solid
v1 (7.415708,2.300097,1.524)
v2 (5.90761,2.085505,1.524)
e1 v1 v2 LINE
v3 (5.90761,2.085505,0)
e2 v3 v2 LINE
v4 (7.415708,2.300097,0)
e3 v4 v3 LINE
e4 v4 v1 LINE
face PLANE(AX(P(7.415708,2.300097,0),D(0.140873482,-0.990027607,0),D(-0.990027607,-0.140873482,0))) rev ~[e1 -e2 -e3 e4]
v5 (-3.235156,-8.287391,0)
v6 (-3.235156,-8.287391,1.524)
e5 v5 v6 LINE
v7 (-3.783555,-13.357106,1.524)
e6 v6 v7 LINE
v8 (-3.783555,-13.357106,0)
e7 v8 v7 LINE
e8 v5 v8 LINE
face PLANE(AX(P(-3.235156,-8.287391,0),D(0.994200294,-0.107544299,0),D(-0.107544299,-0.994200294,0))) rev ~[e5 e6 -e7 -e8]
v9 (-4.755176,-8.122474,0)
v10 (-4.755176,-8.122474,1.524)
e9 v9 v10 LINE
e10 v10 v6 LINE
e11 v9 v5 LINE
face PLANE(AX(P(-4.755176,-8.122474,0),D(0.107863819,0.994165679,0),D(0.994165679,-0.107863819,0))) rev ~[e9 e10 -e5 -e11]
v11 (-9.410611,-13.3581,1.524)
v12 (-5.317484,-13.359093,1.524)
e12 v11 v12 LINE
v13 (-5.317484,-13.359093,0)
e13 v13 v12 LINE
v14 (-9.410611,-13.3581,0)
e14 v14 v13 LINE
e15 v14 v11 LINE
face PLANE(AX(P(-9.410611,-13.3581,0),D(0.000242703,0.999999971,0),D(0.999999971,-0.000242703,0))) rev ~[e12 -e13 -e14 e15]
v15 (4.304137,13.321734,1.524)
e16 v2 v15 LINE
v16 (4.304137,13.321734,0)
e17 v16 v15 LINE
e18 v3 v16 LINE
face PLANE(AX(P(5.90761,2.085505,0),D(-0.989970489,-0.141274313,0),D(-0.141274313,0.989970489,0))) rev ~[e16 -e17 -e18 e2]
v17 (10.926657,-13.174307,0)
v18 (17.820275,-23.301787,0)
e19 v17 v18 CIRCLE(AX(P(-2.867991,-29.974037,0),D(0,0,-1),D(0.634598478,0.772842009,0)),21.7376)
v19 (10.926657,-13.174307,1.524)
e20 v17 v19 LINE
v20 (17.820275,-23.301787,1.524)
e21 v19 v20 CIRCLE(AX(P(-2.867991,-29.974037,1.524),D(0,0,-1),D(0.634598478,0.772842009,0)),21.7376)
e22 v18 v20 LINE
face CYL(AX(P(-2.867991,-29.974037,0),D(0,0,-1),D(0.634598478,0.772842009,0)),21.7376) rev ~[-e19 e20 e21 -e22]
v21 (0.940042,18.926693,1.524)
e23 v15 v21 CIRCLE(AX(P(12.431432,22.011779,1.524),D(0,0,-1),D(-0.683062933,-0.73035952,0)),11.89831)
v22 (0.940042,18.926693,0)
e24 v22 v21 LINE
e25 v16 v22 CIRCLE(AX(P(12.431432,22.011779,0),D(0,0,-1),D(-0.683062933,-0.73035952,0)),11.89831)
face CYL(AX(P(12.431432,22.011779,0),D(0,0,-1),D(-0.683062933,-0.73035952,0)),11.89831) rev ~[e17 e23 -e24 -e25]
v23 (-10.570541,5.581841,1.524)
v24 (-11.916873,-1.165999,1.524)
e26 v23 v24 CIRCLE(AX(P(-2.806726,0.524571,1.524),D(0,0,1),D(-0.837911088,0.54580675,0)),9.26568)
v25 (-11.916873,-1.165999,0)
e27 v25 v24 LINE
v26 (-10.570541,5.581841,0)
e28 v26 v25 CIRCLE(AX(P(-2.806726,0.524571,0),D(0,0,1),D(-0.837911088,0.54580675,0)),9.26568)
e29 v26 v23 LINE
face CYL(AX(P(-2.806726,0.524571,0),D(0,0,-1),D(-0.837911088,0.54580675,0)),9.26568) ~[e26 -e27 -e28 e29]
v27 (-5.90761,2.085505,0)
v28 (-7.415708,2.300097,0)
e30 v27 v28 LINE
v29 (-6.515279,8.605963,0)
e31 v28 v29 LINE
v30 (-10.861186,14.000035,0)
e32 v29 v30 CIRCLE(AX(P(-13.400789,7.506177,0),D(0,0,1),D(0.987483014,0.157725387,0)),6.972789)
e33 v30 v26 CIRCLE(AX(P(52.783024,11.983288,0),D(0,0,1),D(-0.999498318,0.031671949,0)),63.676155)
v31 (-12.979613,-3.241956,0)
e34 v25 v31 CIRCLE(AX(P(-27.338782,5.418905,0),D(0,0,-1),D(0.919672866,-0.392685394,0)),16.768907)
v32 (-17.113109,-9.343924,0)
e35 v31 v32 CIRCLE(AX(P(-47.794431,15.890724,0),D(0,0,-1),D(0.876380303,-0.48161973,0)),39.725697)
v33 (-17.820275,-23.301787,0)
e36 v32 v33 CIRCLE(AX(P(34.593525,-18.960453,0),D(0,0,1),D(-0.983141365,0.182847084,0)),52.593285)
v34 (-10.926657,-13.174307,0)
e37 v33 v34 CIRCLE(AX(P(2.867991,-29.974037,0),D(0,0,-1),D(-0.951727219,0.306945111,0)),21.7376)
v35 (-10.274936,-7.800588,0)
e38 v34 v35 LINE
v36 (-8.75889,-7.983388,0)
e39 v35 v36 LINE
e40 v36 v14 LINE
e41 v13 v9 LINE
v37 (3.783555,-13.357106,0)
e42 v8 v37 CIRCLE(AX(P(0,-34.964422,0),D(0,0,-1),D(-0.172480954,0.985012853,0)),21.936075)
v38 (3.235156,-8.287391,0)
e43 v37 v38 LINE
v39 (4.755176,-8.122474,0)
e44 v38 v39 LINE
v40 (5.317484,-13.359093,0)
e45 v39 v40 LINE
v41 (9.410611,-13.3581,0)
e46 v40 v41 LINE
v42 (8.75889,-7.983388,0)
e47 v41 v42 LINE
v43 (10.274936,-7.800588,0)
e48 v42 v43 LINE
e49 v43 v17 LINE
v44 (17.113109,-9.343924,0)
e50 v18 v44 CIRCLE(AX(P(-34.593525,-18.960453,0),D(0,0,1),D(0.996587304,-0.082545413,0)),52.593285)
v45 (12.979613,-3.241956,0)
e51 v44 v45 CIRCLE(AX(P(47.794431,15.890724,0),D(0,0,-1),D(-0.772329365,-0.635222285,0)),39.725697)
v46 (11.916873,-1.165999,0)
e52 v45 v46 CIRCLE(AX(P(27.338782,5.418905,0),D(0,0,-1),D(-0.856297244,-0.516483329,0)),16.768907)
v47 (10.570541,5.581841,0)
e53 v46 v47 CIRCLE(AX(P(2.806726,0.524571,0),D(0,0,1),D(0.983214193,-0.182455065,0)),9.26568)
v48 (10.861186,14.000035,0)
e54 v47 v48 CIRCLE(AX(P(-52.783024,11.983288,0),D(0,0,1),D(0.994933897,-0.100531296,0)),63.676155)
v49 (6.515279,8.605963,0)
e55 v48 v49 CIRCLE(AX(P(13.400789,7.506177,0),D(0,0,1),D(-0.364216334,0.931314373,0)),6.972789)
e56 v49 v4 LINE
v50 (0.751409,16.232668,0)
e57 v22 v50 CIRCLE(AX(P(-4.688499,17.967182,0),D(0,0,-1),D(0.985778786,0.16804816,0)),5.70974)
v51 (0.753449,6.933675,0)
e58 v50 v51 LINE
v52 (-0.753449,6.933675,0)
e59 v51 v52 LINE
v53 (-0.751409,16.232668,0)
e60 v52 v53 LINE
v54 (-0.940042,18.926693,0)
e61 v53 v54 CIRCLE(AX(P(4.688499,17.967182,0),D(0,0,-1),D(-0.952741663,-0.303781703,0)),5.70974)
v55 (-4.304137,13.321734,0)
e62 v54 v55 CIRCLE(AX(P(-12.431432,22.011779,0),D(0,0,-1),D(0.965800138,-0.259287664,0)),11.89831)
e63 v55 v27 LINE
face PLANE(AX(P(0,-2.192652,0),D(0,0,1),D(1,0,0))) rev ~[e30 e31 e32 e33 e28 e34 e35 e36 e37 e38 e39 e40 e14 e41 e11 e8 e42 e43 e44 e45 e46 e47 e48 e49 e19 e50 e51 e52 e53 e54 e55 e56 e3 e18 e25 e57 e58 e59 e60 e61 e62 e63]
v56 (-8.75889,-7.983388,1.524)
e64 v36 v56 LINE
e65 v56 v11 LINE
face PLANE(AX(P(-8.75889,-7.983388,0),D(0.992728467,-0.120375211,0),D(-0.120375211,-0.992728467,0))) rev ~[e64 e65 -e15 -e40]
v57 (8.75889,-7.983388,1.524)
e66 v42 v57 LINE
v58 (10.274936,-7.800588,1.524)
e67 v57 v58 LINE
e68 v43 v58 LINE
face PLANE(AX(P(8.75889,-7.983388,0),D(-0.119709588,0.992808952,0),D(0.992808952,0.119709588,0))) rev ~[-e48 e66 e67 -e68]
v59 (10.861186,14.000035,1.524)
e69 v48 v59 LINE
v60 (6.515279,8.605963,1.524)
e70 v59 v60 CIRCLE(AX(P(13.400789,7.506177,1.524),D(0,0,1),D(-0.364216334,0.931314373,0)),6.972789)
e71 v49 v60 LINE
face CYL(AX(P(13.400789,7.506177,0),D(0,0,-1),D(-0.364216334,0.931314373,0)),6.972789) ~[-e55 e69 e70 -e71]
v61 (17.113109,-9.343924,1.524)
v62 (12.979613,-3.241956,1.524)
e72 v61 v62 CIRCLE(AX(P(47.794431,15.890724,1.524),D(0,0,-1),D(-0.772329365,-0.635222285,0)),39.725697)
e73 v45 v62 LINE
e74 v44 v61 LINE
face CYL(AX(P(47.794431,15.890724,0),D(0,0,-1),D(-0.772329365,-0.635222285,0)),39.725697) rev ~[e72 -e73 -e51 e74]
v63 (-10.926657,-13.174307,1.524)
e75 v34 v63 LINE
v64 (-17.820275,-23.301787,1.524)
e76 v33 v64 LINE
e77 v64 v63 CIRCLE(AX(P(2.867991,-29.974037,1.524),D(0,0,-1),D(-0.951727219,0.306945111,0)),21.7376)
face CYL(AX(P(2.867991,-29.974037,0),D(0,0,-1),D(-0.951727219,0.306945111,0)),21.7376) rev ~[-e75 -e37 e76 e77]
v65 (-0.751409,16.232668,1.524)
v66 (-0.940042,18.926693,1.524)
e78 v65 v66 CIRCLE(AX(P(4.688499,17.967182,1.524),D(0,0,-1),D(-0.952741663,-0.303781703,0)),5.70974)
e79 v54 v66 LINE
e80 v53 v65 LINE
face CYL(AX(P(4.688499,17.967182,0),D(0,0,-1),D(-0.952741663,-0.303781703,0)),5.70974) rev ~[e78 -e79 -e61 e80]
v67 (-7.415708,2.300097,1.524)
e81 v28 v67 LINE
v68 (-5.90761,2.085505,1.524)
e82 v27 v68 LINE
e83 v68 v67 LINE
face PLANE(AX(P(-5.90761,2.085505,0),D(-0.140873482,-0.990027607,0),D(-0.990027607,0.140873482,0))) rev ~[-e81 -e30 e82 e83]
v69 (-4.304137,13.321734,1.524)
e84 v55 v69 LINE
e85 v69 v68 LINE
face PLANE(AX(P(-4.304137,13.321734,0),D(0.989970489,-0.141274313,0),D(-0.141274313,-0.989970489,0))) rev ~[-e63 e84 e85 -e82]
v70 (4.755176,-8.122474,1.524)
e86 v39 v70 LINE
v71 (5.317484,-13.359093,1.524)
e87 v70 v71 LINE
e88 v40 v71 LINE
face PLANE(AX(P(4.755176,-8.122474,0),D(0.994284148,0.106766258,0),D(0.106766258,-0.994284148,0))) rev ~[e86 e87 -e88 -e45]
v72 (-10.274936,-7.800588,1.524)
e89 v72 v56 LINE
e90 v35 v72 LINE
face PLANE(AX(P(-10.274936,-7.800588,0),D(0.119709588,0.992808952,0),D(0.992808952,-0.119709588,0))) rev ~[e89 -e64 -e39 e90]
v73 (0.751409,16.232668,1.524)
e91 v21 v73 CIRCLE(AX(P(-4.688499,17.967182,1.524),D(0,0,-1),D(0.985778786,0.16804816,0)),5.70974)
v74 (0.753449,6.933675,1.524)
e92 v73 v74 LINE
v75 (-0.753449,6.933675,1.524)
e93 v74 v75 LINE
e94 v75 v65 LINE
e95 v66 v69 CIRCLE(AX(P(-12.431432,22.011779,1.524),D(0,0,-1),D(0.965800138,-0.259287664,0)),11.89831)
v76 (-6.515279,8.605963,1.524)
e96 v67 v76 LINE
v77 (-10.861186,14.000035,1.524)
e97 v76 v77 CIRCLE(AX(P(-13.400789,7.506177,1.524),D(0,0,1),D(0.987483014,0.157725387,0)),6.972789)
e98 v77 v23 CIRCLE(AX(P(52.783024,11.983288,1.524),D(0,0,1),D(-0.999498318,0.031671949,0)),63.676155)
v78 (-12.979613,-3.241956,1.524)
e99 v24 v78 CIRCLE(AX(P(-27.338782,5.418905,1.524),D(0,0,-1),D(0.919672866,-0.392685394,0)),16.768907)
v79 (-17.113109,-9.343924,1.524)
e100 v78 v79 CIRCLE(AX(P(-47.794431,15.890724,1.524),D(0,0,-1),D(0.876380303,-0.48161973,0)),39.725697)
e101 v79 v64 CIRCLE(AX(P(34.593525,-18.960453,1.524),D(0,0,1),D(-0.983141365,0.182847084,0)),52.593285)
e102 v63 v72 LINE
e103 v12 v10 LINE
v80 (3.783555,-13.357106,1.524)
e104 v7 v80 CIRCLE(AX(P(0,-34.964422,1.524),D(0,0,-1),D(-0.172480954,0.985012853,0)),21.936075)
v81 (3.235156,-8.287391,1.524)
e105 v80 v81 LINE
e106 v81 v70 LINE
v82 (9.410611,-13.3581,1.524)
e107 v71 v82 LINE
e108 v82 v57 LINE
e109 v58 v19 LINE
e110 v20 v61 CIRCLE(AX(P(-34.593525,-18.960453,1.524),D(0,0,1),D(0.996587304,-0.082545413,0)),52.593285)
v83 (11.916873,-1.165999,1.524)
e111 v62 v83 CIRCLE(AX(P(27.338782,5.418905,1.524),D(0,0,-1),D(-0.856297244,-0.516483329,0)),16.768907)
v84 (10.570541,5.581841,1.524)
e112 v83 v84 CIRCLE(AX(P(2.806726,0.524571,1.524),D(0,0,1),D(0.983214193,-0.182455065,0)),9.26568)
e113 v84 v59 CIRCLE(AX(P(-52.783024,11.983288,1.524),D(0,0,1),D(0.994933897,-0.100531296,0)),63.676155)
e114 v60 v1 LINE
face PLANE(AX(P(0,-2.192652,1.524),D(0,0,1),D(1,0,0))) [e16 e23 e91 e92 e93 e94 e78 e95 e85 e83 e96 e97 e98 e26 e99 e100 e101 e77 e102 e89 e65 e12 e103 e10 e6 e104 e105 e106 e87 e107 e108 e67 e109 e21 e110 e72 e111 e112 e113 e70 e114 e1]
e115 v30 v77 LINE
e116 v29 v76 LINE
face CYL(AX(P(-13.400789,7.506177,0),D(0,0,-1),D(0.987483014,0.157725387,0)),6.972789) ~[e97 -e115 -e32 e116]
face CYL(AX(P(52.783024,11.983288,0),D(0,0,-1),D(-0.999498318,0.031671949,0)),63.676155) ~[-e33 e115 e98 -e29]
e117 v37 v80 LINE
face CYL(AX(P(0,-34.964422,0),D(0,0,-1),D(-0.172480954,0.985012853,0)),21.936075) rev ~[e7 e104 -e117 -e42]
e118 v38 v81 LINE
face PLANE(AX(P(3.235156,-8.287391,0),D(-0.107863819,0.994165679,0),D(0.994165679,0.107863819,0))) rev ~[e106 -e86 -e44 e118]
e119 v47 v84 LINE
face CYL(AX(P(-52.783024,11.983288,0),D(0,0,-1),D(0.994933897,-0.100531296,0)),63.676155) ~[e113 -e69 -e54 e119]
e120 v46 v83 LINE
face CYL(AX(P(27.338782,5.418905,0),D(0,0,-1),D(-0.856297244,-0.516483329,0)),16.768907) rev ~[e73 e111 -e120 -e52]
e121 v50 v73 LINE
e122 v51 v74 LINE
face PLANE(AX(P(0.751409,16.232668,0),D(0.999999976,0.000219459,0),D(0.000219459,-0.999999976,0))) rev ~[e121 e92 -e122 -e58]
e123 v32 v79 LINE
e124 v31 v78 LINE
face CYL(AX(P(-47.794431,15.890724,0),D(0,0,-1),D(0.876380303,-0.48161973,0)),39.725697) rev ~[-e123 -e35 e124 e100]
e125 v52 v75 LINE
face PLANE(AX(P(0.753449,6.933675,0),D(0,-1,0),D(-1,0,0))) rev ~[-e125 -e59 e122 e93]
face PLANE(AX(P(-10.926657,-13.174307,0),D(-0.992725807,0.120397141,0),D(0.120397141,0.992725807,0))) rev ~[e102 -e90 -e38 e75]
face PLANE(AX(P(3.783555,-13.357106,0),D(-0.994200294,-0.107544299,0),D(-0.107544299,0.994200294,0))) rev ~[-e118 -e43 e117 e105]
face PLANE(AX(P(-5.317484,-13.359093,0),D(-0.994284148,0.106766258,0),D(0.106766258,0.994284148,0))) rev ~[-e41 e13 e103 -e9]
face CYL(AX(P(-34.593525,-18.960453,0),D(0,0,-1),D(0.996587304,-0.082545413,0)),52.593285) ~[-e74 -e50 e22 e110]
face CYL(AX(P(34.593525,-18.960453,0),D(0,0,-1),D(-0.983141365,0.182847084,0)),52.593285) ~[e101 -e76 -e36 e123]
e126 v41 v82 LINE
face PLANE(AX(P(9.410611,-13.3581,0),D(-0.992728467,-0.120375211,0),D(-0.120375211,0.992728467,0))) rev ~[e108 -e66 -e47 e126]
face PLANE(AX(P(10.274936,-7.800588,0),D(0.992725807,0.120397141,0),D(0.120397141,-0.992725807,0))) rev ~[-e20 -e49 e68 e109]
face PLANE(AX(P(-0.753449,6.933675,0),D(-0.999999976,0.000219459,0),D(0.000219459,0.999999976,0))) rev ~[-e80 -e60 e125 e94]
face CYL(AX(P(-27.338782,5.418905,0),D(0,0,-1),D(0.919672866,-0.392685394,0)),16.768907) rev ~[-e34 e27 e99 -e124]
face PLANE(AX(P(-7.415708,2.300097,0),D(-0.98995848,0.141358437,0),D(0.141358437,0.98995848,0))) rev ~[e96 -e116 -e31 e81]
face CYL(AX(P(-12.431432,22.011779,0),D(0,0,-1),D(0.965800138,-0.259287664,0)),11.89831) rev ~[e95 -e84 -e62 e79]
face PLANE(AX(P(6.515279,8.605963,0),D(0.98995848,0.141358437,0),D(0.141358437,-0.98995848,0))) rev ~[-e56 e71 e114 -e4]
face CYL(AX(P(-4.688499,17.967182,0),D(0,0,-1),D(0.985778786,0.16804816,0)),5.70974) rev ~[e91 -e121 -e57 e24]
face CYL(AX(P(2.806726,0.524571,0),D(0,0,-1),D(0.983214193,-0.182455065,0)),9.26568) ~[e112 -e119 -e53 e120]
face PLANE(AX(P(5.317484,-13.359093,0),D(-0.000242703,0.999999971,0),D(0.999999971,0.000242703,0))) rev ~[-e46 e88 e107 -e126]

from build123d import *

# Parameters (mm, degrees)
BOSS_EXTRUDE1_DEPTH = 1.524


with BuildPart() as part:
    # Sketch1 → Boss-Extrude1 (new body)
    with BuildSketch(Plane.XY):
        with BuildLine():
            Line((-3.235155639, -8.287391484), (-3.783555133, -13.357106433))
            ThreePointArc((-3.783555133, -13.357106433), (0, -13.028347252), (3.783555133, -13.357106433))
            Line((3.783555133, -13.357106433), (3.235155639, -8.287391484))
            Line((3.235155639, -8.287391484), (4.755175848, -8.122474118))
            Line((4.755175848, -8.122474118), (5.317484152, -13.35909326))
            Line((5.317484152, -13.35909326), (9.410610808, -13.358099847))
            Line((9.410610808, -13.358099847), (8.758889671, -7.983387544))
            Line((8.758889671, -7.983387544), (10.274936224, -7.800587713))
            Line((10.274936224, -7.800587713), (10.926657362, -13.174306602))
            ThreePointArc((10.926657362, -13.174306602), (15.10168665, -17.742358652), (17.820275176, -23.301787175))
            ThreePointArc((17.820275176, -23.301787175), (17.932389495, -16.299261358), (17.11310908, -9.343924052))
            ThreePointArc((17.11310908, -9.343924052), (14.904545185, -6.389006387), (12.979613066, -3.241955511))
            ThreePointArc((12.979613066, -3.241955511), (12.412109671, -2.2224752), (11.916873155, -1.165999455))
            ThreePointArc((11.916873155, -1.165999455), (11.893308886, 2.337529648), (10.570541154, 5.581841128))
            ThreePointArc((10.570541154, 5.581841128), (10.855213093, 9.786127154), (10.861185965, 14.000035485))
            ThreePointArc((10.861185965, 14.000035485), (7.971038383, 11.880829677), (6.515279188, 8.605963044))
            Line((6.515279188, 8.605963044), (7.415708302, 2.300096505))
            Line((7.415708302, 2.300096505), (5.907609567, 2.085505398))
            Line((5.907609567, 2.085505398), (4.304137007, 13.321734283))
            ThreePointArc((4.304137007, 13.321734283), (2.229613922, 15.888650106), (0.940042002, 18.926693413))
            ThreePointArc((0.940042002, 18.926693413), (1.007296175, 17.568367421), (0.751408616, 16.232667535))
            Line((0.751408616, 16.232667535), (0.753449362, 6.933674836))
            Line((0.753449362, 6.933674836), (-0.753449362, 6.933674836))
            Line((-0.753449362, 6.933674836), (-0.751408616, 16.232667535))
            ThreePointArc((-0.751408616, 16.232667535), (-1.007296175, 17.568367421), (-0.940042002, 18.926693413))
            ThreePointArc((-0.940042002, 18.926693413), (-2.229613922, 15.888650106), (-4.304137007, 13.321734283))
            Line((-4.304137007, 13.321734283), (-5.907609567, 2.085505398))
            Line((-5.907609567, 2.085505398), (-7.415708302, 2.300096505))
            Line((-7.415708302, 2.300096505), (-6.515279188, 8.605963044))
            ThreePointArc((-6.515279188, 8.605963044), (-7.971038383, 11.880829677), (-10.861185965, 14.000035485))
            ThreePointArc((-10.861185965, 14.000035485), (-10.855213093, 9.786127154), (-10.570541154, 5.581841128))
            ThreePointArc((-10.570541154, 5.581841128), (-11.893308886, 2.337529648), (-11.916873155, -1.165999455))
            ThreePointArc((-11.916873155, -1.165999455), (-12.412109671, -2.2224752), (-12.979613066, -3.241955511))
            ThreePointArc((-12.979613066, -3.241955511), (-14.904545185, -6.389006387), (-17.11310908, -9.343924052))
            ThreePointArc((-17.11310908, -9.343924052), (-17.932389495, -16.299261358), (-17.820275176, -23.301787175))
            ThreePointArc((-17.820275176, -23.301787175), (-15.10168665, -17.742358652), (-10.926657362, -13.174306602))
            Line((-10.926657362, -13.174306602), (-10.274936224, -7.800587713))
            Line((-10.274936224, -7.800587713), (-8.758889671, -7.983387544))
            Line((-8.758889671, -7.983387544), (-9.410610808, -13.358099847))
            Line((-9.410610808, -13.358099847), (-5.317484152, -13.35909326))
            Line((-5.317484152, -13.35909326), (-4.755175848, -8.122474118))
            Line((-4.755175848, -8.122474118), (-3.235155639, -8.287391484))
        make_face()
    extrude(amount=BOSS_EXTRUDE1_DEPTH)


solid = part.part
